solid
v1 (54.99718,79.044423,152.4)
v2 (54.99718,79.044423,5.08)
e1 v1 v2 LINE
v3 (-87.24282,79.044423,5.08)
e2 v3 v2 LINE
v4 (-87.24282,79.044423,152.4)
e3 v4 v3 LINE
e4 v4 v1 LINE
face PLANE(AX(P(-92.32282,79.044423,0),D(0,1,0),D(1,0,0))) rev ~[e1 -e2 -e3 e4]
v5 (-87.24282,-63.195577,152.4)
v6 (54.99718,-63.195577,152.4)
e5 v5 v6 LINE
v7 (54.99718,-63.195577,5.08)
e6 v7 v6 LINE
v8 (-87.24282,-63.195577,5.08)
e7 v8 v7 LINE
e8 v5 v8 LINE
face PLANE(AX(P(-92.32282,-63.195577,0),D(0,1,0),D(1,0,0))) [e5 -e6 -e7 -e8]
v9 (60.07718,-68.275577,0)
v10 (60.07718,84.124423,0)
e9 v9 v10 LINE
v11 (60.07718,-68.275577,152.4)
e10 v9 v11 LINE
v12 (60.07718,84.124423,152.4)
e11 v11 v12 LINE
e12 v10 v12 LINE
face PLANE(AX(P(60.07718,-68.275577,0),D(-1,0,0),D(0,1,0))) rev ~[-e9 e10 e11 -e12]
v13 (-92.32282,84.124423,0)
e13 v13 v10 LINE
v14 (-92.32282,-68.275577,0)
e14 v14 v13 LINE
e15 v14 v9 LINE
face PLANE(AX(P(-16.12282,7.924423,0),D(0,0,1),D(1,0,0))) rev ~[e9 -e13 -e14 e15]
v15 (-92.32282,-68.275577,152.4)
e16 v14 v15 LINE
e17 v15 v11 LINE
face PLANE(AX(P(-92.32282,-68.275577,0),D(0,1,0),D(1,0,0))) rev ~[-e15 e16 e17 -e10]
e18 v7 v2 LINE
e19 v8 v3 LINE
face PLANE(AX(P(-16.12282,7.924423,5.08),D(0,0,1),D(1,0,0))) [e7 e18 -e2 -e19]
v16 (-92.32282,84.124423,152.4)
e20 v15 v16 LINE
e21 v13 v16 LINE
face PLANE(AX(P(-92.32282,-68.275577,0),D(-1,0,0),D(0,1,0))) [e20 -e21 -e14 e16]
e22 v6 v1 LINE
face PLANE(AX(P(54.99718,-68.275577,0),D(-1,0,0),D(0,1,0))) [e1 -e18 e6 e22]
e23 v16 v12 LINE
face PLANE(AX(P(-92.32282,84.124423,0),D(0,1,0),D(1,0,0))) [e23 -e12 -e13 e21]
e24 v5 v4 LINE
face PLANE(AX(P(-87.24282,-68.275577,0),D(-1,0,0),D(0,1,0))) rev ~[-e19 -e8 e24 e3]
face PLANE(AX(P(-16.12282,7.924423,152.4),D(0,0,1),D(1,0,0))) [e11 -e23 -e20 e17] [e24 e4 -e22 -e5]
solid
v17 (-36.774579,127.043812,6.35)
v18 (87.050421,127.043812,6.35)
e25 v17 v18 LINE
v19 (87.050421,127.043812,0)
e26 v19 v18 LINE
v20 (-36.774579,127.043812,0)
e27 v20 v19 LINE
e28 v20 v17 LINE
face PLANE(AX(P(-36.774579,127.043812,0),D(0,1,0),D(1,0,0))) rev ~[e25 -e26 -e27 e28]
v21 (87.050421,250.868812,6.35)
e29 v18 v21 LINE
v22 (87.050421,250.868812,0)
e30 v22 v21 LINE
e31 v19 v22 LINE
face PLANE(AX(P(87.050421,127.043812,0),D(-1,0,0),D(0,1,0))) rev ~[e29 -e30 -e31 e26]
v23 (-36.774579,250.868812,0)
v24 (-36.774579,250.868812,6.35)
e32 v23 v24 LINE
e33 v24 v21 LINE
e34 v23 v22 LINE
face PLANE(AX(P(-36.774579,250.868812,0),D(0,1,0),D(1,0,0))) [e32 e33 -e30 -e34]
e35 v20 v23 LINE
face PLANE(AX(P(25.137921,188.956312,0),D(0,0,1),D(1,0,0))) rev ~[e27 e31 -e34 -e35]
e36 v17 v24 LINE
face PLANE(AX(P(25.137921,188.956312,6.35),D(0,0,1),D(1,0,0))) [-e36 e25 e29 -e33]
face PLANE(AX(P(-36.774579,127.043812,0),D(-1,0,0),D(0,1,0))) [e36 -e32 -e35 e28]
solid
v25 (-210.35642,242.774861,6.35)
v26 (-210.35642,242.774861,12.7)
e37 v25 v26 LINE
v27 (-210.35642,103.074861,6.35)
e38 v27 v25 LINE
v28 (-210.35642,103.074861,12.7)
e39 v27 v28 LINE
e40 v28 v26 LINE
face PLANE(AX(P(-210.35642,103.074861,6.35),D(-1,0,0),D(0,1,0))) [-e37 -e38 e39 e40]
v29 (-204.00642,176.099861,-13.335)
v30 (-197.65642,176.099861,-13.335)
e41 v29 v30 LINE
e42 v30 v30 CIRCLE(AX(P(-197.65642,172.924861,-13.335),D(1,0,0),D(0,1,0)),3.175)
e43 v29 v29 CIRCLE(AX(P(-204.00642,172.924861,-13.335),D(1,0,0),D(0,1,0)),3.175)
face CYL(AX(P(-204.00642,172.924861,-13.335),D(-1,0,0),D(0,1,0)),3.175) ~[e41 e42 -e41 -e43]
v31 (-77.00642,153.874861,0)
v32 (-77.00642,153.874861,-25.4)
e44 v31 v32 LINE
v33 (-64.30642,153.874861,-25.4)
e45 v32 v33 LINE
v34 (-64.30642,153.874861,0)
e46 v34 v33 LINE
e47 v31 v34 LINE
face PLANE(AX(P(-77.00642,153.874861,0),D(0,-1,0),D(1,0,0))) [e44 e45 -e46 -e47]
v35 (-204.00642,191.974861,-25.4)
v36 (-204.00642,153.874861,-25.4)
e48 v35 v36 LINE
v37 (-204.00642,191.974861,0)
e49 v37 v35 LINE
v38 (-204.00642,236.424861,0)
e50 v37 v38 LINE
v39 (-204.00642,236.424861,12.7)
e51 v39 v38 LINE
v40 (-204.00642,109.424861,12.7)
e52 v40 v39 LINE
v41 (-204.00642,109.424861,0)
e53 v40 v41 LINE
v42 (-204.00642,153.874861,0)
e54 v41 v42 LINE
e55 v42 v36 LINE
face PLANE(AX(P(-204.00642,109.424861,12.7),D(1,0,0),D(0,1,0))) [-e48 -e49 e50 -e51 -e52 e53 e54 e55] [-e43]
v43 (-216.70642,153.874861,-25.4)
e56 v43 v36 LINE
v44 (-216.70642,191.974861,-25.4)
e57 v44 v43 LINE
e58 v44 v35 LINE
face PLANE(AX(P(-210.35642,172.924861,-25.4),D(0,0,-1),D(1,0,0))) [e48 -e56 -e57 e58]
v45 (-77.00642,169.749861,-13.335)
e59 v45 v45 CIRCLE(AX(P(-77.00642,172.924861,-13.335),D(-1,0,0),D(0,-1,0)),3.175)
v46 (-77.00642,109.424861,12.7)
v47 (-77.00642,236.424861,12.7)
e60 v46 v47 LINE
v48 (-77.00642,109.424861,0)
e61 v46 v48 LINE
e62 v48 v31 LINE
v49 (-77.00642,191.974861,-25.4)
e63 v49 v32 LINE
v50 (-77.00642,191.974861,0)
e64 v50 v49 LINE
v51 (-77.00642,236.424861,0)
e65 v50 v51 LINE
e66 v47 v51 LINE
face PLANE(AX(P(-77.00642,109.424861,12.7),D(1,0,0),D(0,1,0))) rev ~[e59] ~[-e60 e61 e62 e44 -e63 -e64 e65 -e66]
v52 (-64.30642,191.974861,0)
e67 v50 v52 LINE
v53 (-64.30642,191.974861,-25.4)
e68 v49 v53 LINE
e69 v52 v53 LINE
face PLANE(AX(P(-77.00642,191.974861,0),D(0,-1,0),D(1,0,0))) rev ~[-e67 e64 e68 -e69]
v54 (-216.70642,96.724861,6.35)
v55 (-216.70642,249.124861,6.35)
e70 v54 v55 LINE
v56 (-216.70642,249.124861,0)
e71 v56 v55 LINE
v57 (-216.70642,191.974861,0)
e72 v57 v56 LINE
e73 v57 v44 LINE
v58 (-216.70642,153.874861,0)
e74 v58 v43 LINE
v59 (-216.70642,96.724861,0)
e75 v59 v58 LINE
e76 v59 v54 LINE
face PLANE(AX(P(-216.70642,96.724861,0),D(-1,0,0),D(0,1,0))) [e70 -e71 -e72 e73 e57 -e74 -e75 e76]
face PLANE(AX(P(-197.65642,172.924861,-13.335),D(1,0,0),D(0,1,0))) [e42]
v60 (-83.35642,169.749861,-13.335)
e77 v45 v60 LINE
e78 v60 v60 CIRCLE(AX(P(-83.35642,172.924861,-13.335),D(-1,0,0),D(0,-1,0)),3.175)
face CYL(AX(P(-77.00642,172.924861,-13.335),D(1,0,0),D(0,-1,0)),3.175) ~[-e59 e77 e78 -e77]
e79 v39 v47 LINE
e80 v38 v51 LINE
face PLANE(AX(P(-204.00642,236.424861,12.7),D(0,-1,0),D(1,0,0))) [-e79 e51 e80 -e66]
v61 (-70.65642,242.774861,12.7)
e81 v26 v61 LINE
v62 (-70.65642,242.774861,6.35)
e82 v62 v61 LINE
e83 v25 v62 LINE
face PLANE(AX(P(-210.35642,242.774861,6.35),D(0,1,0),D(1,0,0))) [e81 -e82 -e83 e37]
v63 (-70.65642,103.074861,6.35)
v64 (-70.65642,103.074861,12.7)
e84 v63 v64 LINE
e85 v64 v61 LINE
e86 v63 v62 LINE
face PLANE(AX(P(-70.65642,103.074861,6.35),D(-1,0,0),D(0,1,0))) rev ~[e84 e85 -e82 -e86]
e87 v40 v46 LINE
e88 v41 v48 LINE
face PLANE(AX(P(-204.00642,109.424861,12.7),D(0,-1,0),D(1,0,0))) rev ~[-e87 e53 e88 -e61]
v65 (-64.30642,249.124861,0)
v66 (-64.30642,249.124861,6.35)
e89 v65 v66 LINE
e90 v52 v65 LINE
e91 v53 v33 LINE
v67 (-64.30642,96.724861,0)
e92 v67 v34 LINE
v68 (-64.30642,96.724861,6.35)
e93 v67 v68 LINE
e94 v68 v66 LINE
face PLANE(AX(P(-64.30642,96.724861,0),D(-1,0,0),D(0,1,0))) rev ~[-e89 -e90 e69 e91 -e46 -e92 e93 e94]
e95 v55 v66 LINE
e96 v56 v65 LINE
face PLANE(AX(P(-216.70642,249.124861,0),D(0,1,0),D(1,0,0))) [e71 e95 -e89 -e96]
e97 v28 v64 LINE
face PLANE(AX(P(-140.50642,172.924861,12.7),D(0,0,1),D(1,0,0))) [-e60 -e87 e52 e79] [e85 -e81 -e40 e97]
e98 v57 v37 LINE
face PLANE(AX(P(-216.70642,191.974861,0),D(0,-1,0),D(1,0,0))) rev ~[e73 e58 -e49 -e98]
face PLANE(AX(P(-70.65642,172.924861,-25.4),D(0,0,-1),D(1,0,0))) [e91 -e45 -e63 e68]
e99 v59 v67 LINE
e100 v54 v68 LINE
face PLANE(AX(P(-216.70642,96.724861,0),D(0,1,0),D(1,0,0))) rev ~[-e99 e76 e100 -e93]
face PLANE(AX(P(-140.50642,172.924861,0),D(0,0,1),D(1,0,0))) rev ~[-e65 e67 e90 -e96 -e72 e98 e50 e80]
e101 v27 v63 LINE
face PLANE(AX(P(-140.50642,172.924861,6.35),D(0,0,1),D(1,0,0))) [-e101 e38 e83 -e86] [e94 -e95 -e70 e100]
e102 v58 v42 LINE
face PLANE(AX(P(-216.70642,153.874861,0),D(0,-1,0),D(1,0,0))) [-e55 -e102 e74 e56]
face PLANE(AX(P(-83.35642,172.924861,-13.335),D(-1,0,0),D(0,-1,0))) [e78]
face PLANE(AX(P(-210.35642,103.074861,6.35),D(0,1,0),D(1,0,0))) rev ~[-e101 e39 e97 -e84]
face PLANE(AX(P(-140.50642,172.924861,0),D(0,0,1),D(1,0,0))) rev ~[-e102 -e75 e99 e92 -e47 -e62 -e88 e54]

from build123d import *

# Parameters (mm, degrees)
F0_W      = 152.4
F0_H      = 152.4
F1_DEPTH  = 152.4
F2_T      = -5.08
F3_W      = 152.4
F3_H      = 152.4
F4_DEPTH  = 6.35
F5_W      = 139.7
F5_H      = 139.7
F6_DEPTH  = 6.35
F7_W      = 127
F7_H      = 127
F8_DEPTH  = 25.4
F9_W      = 12.7
F9_H      = 38.1
F10_DEPTH = 25.4
F11_R     = 3.175
F13_DEPTH = 6.35
F12_R     = 3.175
F14_DEPTH = 6.35
F15_W     = 123.825
F15_H     = 123.825
F16_DEPTH = 6.35


with BuildPart() as f1:
    # F0 (on Top) → F1 (new body)
    with BuildSketch(Plane.XY):
        with Locations((-16.12282, 7.924423)):
            Rectangle(F0_W, F0_H)
    extrude(amount=F1_DEPTH)

    # F2
    f2_openings = [f1.faces().sort_by_distance(p)[0] for p in [
        (-16.12282, 7.924423, 152.4),
    ]]
    offset(amount=F2_T, openings=f2_openings)


with BuildPart() as f4:
    # F3 (on Top) → F4 (new body)
    with BuildSketch(Plane.XY):
        with Locations((-140.50642, 172.924861)):
            Rectangle(F3_W, F3_H)
    extrude(amount=F4_DEPTH)

    # F5 (on face) → F6 (join)
    with BuildSketch(Plane.XY.offset(6.35)):
        with Locations((-140.50642, 172.924861)):
            Rectangle(F5_W, F5_H)
    extrude(amount=F6_DEPTH)

    # F7 (on face) → F8 (cut)
    with BuildSketch(Plane.XY.offset(12.7)):
        with Locations((-140.50642, 172.924861)):
            Rectangle(F7_W, F7_H)
    extrude(amount=-F8_DEPTH, mode=Mode.SUBTRACT)

    # F9 (on face) → F10 (join)
    with BuildSketch(Plane(origin=(0, 0, 0), x_dir=(1, 0, 0), z_dir=(0, 0, -1))):
        with Locations((-210.35642, -172.924861)):
            Rectangle(F9_W, F9_H)
        with Locations((-70.65642, -172.924861)):
            Rectangle(F9_W, F9_H)
    extrude(amount=F10_DEPTH)

    # F11 (on face) → F13 (join)
    with BuildSketch(Plane(origin=(-77.00642, 0, 0), x_dir=(0, -1, 0), z_dir=(-1, 0, 0))):
        with Locations((-172.924861, -13.335)):
            Circle(F11_R)
    extrude(amount=F13_DEPTH)

    # F12 (on face) → F14 (join)
    with BuildSketch(Plane.YZ.offset(-204.00642)):
        with Locations((172.924861, -13.335)):
            Circle(F12_R)
    extrude(amount=F14_DEPTH)


with BuildPart() as f16:
    # F15 (on Top) → F16 (new body)
    with BuildSketch(Plane.XY):
        with Locations((25.137921, 188.956312)):
            Rectangle(F15_W, F15_H)
    extrude(amount=F16_DEPTH)


solid = Compound([f1.part, f4.part, f16.part])
